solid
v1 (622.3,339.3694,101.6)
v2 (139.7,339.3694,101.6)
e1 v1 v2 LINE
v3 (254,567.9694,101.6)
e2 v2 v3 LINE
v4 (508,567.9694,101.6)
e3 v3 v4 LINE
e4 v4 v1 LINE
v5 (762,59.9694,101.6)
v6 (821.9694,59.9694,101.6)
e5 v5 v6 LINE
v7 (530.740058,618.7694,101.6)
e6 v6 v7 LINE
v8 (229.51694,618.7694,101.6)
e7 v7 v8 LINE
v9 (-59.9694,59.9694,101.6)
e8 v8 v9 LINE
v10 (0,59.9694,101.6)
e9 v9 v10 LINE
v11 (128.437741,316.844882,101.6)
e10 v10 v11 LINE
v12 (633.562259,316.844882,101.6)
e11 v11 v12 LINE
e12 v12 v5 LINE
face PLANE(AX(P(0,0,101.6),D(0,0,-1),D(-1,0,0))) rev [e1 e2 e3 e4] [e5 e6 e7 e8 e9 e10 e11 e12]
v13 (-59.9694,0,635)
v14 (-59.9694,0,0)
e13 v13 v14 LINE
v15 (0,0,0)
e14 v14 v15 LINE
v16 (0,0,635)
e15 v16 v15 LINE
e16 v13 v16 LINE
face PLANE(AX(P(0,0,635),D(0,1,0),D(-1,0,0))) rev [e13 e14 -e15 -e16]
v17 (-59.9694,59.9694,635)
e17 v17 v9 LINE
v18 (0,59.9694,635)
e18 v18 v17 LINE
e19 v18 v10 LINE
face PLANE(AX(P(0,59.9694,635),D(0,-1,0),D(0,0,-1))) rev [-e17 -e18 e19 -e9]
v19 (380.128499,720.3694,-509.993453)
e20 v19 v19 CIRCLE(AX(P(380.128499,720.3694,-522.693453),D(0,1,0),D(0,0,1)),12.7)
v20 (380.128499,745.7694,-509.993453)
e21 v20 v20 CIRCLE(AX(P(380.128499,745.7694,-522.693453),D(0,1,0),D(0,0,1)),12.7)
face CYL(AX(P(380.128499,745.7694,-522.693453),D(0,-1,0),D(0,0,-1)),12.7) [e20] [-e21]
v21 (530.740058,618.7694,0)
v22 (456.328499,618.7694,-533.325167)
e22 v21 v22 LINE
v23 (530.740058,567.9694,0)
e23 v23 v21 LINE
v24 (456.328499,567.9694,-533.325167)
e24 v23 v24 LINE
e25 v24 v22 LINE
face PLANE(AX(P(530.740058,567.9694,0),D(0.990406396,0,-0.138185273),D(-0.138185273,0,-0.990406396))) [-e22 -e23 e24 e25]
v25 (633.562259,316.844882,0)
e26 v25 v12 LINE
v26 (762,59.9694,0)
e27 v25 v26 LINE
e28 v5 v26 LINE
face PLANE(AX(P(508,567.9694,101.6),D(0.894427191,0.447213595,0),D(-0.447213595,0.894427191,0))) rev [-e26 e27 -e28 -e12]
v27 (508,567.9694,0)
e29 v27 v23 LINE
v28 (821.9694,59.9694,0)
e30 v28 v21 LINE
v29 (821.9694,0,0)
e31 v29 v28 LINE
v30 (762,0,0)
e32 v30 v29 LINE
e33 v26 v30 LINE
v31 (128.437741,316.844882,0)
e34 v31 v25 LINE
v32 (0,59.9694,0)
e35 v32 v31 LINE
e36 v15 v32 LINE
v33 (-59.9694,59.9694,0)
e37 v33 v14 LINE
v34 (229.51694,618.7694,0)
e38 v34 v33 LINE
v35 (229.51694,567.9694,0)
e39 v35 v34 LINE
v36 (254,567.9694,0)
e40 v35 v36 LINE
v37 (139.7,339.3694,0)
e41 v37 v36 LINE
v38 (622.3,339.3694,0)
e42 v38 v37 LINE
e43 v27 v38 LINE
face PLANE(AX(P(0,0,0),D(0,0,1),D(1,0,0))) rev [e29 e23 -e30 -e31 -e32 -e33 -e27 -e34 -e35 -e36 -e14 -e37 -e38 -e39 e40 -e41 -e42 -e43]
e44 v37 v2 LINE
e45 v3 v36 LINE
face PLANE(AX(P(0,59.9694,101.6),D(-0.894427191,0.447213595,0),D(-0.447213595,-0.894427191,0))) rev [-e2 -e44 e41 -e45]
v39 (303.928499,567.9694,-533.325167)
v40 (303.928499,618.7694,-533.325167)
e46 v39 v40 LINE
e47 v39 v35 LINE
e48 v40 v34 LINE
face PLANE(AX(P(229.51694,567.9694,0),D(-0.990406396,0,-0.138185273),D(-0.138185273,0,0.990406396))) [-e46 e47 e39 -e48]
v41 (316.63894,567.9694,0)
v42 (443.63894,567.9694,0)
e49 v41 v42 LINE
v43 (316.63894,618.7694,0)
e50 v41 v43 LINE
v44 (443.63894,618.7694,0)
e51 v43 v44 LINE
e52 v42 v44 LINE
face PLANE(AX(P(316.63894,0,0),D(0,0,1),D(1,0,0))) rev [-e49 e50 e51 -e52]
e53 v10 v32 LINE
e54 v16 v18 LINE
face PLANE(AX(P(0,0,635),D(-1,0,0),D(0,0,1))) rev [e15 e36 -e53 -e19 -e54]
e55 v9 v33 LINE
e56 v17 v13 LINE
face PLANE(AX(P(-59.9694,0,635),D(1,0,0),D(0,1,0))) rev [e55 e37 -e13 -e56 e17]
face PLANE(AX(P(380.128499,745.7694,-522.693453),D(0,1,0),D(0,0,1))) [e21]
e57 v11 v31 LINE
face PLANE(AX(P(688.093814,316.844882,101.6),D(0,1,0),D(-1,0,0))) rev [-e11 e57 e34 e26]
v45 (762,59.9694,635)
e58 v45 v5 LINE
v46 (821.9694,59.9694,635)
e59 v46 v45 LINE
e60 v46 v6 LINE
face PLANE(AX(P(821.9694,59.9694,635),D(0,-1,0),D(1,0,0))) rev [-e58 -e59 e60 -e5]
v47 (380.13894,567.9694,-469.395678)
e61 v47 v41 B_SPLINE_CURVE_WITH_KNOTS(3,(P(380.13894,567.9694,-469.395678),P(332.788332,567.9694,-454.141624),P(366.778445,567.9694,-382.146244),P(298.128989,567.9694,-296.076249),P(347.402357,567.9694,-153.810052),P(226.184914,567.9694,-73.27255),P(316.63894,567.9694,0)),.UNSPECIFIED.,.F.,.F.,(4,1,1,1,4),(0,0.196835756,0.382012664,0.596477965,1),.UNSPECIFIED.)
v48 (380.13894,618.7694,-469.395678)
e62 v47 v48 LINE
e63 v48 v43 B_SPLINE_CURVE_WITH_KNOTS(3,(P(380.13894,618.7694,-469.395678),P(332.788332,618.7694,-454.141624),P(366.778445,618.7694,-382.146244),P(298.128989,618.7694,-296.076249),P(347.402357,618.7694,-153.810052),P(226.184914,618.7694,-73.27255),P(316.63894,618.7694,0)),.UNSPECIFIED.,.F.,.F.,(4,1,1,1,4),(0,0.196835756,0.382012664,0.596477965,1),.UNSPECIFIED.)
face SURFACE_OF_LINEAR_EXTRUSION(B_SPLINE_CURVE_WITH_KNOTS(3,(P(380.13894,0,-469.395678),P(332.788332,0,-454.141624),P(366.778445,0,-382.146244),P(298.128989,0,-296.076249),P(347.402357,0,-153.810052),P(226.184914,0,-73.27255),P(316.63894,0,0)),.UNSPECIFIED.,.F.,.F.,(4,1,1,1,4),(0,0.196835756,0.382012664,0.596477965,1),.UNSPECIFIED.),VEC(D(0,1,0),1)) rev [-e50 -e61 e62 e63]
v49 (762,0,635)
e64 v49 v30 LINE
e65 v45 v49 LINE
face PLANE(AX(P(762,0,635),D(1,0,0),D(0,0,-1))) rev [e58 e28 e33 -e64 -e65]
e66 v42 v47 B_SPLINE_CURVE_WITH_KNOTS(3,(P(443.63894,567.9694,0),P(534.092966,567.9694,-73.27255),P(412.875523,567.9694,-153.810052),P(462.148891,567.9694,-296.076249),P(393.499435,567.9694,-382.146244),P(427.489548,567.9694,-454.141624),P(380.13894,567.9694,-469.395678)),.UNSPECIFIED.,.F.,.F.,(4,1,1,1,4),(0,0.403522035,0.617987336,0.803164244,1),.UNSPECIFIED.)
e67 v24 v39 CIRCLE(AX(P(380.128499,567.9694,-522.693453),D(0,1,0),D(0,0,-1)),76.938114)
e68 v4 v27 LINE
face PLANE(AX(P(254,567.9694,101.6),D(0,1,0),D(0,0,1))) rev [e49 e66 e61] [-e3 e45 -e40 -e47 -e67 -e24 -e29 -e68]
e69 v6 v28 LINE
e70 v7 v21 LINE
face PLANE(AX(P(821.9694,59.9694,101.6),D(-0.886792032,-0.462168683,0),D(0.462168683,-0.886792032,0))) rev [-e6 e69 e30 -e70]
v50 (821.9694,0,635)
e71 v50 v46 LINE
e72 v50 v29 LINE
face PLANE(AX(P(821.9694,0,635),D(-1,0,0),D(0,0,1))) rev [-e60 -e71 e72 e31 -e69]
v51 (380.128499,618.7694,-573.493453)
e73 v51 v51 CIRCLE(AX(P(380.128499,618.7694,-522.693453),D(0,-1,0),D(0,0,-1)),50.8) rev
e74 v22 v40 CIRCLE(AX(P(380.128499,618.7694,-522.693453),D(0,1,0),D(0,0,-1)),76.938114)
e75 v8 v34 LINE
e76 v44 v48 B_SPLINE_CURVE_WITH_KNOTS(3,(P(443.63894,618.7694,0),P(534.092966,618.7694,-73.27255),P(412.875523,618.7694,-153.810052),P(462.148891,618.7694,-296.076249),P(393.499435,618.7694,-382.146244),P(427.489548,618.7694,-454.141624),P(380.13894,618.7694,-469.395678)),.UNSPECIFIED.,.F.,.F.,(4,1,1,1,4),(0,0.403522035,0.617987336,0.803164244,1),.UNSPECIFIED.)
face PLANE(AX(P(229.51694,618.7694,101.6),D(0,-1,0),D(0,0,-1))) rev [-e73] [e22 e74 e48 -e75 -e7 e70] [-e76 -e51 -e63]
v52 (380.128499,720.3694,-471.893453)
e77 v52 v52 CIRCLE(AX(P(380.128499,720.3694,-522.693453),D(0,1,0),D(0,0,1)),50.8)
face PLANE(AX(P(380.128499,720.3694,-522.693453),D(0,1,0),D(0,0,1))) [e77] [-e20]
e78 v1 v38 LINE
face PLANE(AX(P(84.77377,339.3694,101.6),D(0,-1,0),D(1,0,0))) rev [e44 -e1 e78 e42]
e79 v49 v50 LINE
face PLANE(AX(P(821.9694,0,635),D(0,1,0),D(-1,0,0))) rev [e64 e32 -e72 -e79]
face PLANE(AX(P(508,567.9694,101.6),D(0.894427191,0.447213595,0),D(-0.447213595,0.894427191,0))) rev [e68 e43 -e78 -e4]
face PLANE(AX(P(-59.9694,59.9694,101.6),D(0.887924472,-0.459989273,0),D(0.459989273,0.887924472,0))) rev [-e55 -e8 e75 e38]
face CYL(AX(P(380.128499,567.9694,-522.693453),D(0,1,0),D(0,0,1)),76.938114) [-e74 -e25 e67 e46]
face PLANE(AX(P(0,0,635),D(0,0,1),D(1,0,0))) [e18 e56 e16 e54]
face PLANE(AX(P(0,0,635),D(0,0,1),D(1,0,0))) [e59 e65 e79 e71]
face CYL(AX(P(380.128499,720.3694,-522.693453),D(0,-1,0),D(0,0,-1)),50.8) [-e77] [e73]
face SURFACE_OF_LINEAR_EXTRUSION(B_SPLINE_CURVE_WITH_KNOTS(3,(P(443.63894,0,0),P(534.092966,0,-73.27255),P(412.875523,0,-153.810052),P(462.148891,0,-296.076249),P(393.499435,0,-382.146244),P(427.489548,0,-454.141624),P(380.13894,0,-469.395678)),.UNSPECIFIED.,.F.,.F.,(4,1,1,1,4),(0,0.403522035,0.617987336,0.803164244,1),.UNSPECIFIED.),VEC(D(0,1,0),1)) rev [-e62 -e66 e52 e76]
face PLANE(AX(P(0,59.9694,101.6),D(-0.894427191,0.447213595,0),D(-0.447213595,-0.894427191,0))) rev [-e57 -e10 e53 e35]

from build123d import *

# Parameters (mm, degrees)
SKETCH1_W             = 59.9694
SKETCH1_H             = 59.9694
BOSS_EXTRUDE1_DEPTH   = 635
BOSS_EXTRUDE1_2_DEPTH = 635
BOSS_EXTRUDE2_DEPTH   = 101.6
BOSS_EXTRUDE3_DEPTH   = 101.6
BOSS_EXTRUDE4_DEPTH   = 50.8
CUT_EXTRUDE1_DEPTH    = 1210.022028299
SKETCH10_R            = 50.8
BOSS_EXTRUDE5_DEPTH   = 101.6
SKETCH11_R            = 12.7
BOSS_EXTRUDE6_DEPTH   = 25.4


with BuildPart() as part:
    # Sketch1 → Boss-Extrude1 (new body)
    with BuildSketch(Plane.XY):
        with Locations((791.9847, 29.9847)):
            Rectangle(SKETCH1_W, SKETCH1_H)
    extrude(amount=BOSS_EXTRUDE1_DEPTH)



with BuildPart() as body_2:
    # Sketch1 → Boss-Extrude1 2 (new body)
    with BuildSketch(Plane.XY):
        with Locations((-29.9847, 29.9847)):
            Rectangle(SKETCH1_W, SKETCH1_H)
    extrude(amount=BOSS_EXTRUDE1_2_DEPTH)


with BuildPart() as part_1:
    add(part.part)

    add(body_2.part)  # Boss-Extrude2 merges body 2
    # Sketch5 → Boss-Extrude2 (add)
    with BuildSketch(Plane.XY):
        Polygon((254, 567.9694), (508, 567.9694), (762, 59.9694), (821.9694, 59.9694), (530.740058053, 618.7694), (229.51694, 618.7694), (-59.9694, 59.9694), (0, 59.9694), align=None)
    extrude(amount=BOSS_EXTRUDE2_DEPTH)

    # Sketch6 → Boss-Extrude3 (add)
    with BuildSketch(Plane.XY):
        Polygon((84.77377, 339.3694), (676.354729026, 339.3694), (688.093813572, 316.84488238), (73.104943647, 316.84488238), align=None)
    extrude(amount=BOSS_EXTRUDE3_DEPTH)

    # Sketch7 → Boss-Extrude4 (add)
    with BuildSketch(Plane(origin=(0, 618.7694, 0), x_dir=(1, 0, 0), z_dir=(0, 1, 0))):
        with BuildLine():
            Line((229.51694, 0), (303.928499026, 533.325167084))
            ThreePointArc((303.928499026, 533.325167084), (380.128499026, 599.631566556), (456.328499026, 533.325167084))
            Line((456.328499026, 533.325167084), (530.740058053, 0))
            Line((530.740058053, 0), (229.51694, 0))
        make_face()
    extrude(amount=-BOSS_EXTRUDE4_DEPTH)

    # Sketch9 → Cut-Extrude1 (cut, through all)
    with BuildSketch(Plane(origin=(0, 618.7694, 0), x_dir=(1, 0, 0), z_dir=(0, 1, 0))):
        with BuildLine():
            Line((316.63894, 0), (443.63894, 0))
            add(Edge.make_bspline(
                [(443.63894, 0), (534.092966377, 73.272550309), (412.87552259, 153.810052423), (462.148891497, 296.07624868), (393.499435083, 382.146243658), (427.489547729, 454.141623856), (380.13894, 469.395677589)],
                knots=[0, 0, 0, 0, 0.403522035, 0.617987336, 0.803164244, 1, 1, 1, 1], degree=3))
            add(Edge.make_bspline(
                [(316.63894, 0), (226.184913623, 73.272550309), (347.40235741, 153.810052423), (298.128988503, 296.07624868), (366.778444917, 382.146243658), (332.788332271, 454.141623856), (380.13894, 469.395677589)],
                knots=[0, 0, 0, 0, 0.403522035, 0.617987336, 0.803164244, 1, 1, 1, 1], degree=3))
        make_face()
    extrude(amount=-CUT_EXTRUDE1_DEPTH, mode=Mode.SUBTRACT)

    # Sketch10 → Boss-Extrude5 (add)
    with BuildSketch(Plane(origin=(0, 618.7694, 0), x_dir=(1, 0, 0), z_dir=(0, 1, 0))):
        with Locations(Location((380.128499026, 522.693452798, 0), (0, 0, 90))):
            Circle(SKETCH10_R)
    extrude(amount=BOSS_EXTRUDE5_DEPTH)

    # Sketch11 → Boss-Extrude6 (add)
    with BuildSketch(Plane(origin=(0, 720.3694, 0), x_dir=(1, 0, 0), z_dir=(0, 1, 0))):
        with Locations(Location((380.128499026, 522.693452798, 0), (0, 0, 270))):
            Circle(SKETCH11_R)
    extrude(amount=BOSS_EXTRUDE6_DEPTH)


solid = part_1.part
